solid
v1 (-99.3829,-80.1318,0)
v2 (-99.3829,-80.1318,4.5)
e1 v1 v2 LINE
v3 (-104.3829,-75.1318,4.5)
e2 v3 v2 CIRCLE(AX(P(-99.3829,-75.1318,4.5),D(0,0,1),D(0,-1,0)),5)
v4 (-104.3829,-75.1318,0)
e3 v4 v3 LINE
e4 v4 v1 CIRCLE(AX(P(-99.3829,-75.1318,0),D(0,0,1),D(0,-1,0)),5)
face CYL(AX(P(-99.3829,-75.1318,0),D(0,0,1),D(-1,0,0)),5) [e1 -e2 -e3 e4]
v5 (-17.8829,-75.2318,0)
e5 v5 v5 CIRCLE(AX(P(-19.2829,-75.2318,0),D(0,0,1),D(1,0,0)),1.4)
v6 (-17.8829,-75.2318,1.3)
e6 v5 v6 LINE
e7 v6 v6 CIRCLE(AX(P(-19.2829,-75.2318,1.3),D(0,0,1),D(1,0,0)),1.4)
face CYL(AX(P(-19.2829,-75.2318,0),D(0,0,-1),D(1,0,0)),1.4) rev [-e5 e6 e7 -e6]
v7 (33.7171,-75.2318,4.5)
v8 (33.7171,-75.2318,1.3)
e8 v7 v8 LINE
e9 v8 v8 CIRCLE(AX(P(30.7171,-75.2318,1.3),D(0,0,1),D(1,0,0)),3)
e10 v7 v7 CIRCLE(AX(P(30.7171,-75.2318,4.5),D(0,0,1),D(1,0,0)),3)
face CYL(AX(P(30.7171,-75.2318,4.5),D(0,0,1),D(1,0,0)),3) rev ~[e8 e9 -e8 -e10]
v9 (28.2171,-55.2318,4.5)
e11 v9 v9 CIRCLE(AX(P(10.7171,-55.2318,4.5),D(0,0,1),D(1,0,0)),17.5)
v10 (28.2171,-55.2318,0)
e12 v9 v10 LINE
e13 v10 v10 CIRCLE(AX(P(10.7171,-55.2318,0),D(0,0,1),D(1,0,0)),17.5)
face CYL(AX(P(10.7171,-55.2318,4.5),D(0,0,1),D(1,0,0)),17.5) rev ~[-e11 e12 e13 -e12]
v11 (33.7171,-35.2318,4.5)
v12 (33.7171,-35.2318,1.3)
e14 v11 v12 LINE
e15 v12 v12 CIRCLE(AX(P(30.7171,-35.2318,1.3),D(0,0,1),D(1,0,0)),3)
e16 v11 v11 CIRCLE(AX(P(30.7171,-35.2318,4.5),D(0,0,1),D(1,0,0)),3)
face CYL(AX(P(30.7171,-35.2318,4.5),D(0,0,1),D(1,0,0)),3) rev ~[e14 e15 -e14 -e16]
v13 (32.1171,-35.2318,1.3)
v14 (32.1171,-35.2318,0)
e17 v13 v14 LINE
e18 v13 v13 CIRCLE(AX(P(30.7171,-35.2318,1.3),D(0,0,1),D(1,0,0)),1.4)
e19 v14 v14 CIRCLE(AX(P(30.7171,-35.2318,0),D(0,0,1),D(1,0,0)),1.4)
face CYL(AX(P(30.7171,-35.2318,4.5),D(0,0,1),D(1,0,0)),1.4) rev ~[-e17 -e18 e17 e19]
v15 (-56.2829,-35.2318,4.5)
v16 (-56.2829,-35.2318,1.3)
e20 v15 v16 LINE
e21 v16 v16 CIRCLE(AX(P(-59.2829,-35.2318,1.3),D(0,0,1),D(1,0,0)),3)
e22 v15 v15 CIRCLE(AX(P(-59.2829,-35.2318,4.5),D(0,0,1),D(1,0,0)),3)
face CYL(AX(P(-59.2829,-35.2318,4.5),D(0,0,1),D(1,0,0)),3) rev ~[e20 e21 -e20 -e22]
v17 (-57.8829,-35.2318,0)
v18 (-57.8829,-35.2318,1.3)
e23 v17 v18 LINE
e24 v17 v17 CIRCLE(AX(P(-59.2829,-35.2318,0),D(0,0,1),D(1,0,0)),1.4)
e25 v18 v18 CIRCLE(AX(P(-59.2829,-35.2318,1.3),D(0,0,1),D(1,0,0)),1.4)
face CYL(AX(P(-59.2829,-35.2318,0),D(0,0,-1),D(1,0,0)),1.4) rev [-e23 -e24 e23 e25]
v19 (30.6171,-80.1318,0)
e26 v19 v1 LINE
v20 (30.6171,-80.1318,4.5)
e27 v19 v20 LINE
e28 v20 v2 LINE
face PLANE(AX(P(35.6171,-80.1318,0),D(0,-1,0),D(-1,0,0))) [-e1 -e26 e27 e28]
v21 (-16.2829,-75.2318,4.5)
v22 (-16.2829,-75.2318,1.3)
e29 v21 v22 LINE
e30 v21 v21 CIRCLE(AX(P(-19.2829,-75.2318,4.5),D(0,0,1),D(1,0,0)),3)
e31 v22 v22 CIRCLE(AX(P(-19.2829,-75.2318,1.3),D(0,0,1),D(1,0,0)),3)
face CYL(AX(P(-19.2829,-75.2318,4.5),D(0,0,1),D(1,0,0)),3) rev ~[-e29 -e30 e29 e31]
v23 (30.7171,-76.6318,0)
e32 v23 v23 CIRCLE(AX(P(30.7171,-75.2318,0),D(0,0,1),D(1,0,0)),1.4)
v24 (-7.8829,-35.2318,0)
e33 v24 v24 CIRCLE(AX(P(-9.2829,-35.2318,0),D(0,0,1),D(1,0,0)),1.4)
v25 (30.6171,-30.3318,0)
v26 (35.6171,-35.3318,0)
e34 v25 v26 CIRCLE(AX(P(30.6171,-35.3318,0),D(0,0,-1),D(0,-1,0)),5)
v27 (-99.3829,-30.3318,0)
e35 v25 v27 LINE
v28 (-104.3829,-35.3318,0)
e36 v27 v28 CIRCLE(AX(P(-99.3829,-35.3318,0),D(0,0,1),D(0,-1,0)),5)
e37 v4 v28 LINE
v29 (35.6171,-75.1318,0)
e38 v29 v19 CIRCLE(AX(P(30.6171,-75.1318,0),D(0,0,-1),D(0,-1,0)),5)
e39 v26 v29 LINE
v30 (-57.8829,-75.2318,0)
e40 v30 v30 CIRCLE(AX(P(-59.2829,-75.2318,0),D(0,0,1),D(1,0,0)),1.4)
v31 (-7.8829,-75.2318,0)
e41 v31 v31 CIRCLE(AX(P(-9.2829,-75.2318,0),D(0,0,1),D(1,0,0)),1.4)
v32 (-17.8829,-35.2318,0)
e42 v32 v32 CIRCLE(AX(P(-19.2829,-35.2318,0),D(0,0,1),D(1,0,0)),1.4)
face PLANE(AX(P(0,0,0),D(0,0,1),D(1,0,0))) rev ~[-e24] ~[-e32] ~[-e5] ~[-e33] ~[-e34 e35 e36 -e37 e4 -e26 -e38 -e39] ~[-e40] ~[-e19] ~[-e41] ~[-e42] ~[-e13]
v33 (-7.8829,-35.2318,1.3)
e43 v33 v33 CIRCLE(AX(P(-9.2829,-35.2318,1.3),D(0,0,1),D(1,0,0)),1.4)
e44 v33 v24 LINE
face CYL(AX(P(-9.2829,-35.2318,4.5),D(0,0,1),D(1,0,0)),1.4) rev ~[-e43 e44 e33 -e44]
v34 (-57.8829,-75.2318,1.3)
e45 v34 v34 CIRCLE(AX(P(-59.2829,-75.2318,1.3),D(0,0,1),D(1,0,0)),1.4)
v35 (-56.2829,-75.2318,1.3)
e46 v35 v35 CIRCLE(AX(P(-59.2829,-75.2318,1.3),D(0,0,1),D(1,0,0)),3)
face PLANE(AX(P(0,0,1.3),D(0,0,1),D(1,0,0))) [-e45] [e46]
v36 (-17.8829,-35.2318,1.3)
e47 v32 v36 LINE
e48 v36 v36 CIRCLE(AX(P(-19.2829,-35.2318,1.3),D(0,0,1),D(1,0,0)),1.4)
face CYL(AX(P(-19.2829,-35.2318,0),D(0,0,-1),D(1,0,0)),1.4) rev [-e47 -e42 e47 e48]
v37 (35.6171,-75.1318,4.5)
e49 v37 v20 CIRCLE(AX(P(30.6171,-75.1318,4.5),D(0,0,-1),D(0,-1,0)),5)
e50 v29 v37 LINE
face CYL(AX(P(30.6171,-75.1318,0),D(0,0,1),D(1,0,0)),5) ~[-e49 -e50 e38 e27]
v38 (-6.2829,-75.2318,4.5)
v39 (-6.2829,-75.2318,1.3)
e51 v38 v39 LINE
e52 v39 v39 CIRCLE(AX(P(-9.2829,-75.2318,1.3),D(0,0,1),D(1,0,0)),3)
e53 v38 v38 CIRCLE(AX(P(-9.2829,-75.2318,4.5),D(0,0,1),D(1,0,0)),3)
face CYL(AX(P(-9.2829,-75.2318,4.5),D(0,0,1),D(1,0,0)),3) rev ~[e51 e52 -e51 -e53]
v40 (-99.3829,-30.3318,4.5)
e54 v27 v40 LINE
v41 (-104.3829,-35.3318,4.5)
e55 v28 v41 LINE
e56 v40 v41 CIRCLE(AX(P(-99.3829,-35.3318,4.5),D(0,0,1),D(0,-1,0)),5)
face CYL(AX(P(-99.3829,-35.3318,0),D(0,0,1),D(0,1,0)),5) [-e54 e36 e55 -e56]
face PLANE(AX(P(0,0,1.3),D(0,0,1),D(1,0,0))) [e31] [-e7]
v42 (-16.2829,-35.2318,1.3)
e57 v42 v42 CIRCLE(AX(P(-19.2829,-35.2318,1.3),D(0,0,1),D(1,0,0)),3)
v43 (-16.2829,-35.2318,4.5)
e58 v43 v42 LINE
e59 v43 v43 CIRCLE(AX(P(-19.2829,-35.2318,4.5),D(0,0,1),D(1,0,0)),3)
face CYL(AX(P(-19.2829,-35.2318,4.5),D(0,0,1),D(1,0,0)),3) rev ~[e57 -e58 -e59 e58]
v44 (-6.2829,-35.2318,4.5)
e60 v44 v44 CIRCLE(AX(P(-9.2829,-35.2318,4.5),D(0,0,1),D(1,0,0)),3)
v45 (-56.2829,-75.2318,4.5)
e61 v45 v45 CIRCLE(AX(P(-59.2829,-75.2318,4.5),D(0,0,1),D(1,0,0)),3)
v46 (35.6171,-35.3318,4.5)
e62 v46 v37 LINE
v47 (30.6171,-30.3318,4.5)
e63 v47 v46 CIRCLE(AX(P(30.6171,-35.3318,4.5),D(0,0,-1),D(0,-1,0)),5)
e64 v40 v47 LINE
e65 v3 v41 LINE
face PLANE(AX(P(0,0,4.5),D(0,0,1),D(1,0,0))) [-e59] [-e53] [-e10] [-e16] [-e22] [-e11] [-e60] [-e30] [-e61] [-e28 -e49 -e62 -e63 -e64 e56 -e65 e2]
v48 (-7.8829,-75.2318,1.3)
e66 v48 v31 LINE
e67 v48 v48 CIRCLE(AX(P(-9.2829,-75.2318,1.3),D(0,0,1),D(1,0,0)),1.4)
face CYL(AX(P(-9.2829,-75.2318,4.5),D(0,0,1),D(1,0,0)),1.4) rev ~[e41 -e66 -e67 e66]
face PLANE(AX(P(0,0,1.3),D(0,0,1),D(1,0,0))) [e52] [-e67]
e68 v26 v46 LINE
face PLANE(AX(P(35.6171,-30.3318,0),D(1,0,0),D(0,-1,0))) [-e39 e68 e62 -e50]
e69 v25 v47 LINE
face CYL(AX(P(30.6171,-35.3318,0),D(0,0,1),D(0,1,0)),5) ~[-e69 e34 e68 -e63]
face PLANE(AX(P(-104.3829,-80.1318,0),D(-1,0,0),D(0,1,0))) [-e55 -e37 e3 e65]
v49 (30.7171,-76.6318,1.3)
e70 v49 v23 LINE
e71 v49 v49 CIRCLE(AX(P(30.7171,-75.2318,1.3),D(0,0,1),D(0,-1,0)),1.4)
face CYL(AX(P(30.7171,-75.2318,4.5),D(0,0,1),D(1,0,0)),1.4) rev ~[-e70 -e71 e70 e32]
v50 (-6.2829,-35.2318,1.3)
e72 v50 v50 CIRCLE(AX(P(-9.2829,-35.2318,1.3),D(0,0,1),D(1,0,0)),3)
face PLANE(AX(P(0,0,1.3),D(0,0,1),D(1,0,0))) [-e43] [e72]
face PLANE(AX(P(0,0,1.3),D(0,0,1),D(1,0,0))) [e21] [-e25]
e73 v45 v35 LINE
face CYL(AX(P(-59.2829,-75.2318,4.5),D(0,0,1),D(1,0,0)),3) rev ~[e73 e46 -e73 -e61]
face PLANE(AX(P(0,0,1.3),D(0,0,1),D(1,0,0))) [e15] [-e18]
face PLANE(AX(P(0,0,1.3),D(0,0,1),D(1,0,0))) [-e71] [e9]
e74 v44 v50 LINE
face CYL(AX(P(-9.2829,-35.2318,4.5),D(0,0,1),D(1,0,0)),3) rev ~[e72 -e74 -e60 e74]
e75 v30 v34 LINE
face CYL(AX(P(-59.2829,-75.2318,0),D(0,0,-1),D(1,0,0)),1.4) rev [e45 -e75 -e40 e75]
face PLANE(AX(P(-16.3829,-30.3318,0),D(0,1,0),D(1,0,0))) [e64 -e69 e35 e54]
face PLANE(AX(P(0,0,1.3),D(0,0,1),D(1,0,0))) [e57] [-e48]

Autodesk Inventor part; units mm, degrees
ref_plane "YZ Plane" through (0, 0, 0) normal (1, 0, 0) x (0, 1, 0)
ref_plane "XZ Plane" through (0, 0, 0) normal (0, 1, 0) x (-1, 0, 0)
ref_plane "XY Plane" through (0, 0, 0) normal (0, 0, 1) x (1, 0, 0)
sketch "Sketch1" plane through (0, 0, 0) normal (0, 0, 1) x (1, 0, 0)
  line L0 (-16.3829, -30.3318) -> (-62.1829, -30.3318)
  line L1 (-64.1829, -80.1318) -> (-14.3829, -80.1318) construction
  line L2 (35.6171, -80.1318) -> (-104.3829, -80.1318)
  line L3 (-104.3829, -80.1318) -> (-104.3829, -30.3318)
  line L4 (-104.3829, -30.3318) -> (35.6171, -30.3318)
  line L5 (35.6171, -30.3318) -> (35.6171, -80.1318)
  line L6 (-14.3829, -78.1318) -> (-14.3829, -32.3318)
  circle A0 centre (-19.2829, -75.2318) radius 1.4
  circle A1 centre (-59.2829, -75.2318) radius 1.4
  circle A2 centre (-19.2829, -35.2318) radius 1.4
  circle A3 centre (-59.2829, -35.2318) radius 1.4
extrude "Extrusion1" add sketch "Sketch1" along normal blind 4.5
sketch "Sketch4" plane through (0, 0, 4.5) normal (0, 0, 1) x (1, 0, 0)
  circle A0 centre (10.7171, -55.2318) radius 16.9 construction
  circle A1 centre (-9.2829, -35.2318) radius 1.45 projected
  circle A2 centre (30.7171, -35.2318) radius 1.45 projected
  arc A3 (-9.2829, -73.8318) -> (-9.2829, -76.6318) centre (-9.2829, -75.2318) ccw projected
  arc A4 (-9.2829, -73.8318) -> (-9.2829, -76.6318) centre (-9.2829, -75.2318) ccw projected
  arc A5 (30.7171, -76.6318) -> (30.7171, -73.8318) centre (30.7171, -75.2318) ccw projected
  circle A6 centre (30.7171, -75.2318) radius 1.4
  circle A7 centre (30.7171, -35.2318) radius 1.4
  circle A8 centre (-9.2829, -75.2318) radius 1.4
  circle A9 centre (-9.2829, -35.2318) radius 1.4
  circle A10 centre (10.7171, -55.2318) radius 17.5
  point P0 (0, 0)
  dimension "d44" = 2.8
  dimension "d45" = 2.8
  dimension "d46" = 2.8
  dimension "d47" = 2.8
  dimension "d48" = 35
extrude "Extrusion3" cut sketch "Sketch4" against normal through all contours A8 A3 | A6 A5 | A7 | A9 | A10
sketch "Sketch3" plane through (0, 0, 4.5) normal (0, 0, 1) x (1, 0, 0)
  circle A0 centre (-9.2829, -35.2318) radius 1.4 projected
  circle A1 centre (-9.2829, -75.2318) radius 1.4 projected
  circle A2 centre (30.7171, -75.2318) radius 1.4 projected
  circle A3 centre (10.7171, -55.2318) radius 17.5 projected
  circle A4 centre (30.7171, -35.2318) radius 1.4 projected
  circle A5 centre (-59.2829, -35.2318) radius 1.4 projected
  circle A6 centre (-19.2829, -35.2318) radius 1.4 projected
  circle A7 centre (-59.2829, -75.2318) radius 1.4 projected
  circle A8 centre (-19.2829, -75.2318) radius 1.4 projected
  line L0 (-104.3829, -80.1318) -> (35.6171, -80.1318) projected
  line L1 (35.6171, -80.1318) -> (35.6171, -30.3318) projected
  line L2 (35.6171, -30.3318) -> (-104.3829, -30.3318) projected
  line L3 (-104.3829, -30.3318) -> (-104.3829, -80.1318) projected
  circle A9 centre (30.7171, -75.2318) radius 3
  circle A10 centre (-9.2829, -75.2318) radius 3
  circle A11 centre (-19.2829, -75.2318) radius 3
  circle A12 centre (-59.2829, -75.2318) radius 3
  circle A13 centre (30.7171, -35.2318) radius 3
  circle A14 centre (-9.2829, -35.2318) radius 3
  circle A15 centre (-19.2829, -35.2318) radius 3
  circle A16 centre (-59.2829, -35.2318) radius 3
  dimension "d51" = 1.6
  dimension "d52" = 1.6
  dimension "d53" = 1.6
  dimension "d54" = 1.6
  dimension "d55" = 1.6
  dimension "d56" = 1.6
  dimension "d57" = 1.6
  dimension "d58" = 1.6
extrude "Extrusion2" cut sketch "Sketch3" against normal blind 3.2 contours A9 | A10 | A11 | A12 | A13 | A14 | A15 | A16
fillet "Fillet1" radius 5 4 edges at (35.6171, -30.3318, 2.25) (-104.3829, -30.3318, 2.25) (-104.3829, -80.1318, 2.25) (35.6171, -80.1318, 2.25)
equation "\"d44\" = d40"
equation "\"d45\" = d40"
equation "\"d46\" = d40"
equation "\"d47\" = d40"
equation "\"d52\" = d51"
equation "\"d53\" = d51"
equation "\"d54\" = d51"
equation "\"d55\" = d51"
equation "\"d56\" = d51"
equation "\"d57\" = d51"
equation "\"d58\" = d51"
equation "\"d41\" = d40"
equation "\"d42\" = d40"
equation "\"d43\" = d40"
equation "\"d40\" = 2.8"
properties part number "30_Smartphone_Holder"
